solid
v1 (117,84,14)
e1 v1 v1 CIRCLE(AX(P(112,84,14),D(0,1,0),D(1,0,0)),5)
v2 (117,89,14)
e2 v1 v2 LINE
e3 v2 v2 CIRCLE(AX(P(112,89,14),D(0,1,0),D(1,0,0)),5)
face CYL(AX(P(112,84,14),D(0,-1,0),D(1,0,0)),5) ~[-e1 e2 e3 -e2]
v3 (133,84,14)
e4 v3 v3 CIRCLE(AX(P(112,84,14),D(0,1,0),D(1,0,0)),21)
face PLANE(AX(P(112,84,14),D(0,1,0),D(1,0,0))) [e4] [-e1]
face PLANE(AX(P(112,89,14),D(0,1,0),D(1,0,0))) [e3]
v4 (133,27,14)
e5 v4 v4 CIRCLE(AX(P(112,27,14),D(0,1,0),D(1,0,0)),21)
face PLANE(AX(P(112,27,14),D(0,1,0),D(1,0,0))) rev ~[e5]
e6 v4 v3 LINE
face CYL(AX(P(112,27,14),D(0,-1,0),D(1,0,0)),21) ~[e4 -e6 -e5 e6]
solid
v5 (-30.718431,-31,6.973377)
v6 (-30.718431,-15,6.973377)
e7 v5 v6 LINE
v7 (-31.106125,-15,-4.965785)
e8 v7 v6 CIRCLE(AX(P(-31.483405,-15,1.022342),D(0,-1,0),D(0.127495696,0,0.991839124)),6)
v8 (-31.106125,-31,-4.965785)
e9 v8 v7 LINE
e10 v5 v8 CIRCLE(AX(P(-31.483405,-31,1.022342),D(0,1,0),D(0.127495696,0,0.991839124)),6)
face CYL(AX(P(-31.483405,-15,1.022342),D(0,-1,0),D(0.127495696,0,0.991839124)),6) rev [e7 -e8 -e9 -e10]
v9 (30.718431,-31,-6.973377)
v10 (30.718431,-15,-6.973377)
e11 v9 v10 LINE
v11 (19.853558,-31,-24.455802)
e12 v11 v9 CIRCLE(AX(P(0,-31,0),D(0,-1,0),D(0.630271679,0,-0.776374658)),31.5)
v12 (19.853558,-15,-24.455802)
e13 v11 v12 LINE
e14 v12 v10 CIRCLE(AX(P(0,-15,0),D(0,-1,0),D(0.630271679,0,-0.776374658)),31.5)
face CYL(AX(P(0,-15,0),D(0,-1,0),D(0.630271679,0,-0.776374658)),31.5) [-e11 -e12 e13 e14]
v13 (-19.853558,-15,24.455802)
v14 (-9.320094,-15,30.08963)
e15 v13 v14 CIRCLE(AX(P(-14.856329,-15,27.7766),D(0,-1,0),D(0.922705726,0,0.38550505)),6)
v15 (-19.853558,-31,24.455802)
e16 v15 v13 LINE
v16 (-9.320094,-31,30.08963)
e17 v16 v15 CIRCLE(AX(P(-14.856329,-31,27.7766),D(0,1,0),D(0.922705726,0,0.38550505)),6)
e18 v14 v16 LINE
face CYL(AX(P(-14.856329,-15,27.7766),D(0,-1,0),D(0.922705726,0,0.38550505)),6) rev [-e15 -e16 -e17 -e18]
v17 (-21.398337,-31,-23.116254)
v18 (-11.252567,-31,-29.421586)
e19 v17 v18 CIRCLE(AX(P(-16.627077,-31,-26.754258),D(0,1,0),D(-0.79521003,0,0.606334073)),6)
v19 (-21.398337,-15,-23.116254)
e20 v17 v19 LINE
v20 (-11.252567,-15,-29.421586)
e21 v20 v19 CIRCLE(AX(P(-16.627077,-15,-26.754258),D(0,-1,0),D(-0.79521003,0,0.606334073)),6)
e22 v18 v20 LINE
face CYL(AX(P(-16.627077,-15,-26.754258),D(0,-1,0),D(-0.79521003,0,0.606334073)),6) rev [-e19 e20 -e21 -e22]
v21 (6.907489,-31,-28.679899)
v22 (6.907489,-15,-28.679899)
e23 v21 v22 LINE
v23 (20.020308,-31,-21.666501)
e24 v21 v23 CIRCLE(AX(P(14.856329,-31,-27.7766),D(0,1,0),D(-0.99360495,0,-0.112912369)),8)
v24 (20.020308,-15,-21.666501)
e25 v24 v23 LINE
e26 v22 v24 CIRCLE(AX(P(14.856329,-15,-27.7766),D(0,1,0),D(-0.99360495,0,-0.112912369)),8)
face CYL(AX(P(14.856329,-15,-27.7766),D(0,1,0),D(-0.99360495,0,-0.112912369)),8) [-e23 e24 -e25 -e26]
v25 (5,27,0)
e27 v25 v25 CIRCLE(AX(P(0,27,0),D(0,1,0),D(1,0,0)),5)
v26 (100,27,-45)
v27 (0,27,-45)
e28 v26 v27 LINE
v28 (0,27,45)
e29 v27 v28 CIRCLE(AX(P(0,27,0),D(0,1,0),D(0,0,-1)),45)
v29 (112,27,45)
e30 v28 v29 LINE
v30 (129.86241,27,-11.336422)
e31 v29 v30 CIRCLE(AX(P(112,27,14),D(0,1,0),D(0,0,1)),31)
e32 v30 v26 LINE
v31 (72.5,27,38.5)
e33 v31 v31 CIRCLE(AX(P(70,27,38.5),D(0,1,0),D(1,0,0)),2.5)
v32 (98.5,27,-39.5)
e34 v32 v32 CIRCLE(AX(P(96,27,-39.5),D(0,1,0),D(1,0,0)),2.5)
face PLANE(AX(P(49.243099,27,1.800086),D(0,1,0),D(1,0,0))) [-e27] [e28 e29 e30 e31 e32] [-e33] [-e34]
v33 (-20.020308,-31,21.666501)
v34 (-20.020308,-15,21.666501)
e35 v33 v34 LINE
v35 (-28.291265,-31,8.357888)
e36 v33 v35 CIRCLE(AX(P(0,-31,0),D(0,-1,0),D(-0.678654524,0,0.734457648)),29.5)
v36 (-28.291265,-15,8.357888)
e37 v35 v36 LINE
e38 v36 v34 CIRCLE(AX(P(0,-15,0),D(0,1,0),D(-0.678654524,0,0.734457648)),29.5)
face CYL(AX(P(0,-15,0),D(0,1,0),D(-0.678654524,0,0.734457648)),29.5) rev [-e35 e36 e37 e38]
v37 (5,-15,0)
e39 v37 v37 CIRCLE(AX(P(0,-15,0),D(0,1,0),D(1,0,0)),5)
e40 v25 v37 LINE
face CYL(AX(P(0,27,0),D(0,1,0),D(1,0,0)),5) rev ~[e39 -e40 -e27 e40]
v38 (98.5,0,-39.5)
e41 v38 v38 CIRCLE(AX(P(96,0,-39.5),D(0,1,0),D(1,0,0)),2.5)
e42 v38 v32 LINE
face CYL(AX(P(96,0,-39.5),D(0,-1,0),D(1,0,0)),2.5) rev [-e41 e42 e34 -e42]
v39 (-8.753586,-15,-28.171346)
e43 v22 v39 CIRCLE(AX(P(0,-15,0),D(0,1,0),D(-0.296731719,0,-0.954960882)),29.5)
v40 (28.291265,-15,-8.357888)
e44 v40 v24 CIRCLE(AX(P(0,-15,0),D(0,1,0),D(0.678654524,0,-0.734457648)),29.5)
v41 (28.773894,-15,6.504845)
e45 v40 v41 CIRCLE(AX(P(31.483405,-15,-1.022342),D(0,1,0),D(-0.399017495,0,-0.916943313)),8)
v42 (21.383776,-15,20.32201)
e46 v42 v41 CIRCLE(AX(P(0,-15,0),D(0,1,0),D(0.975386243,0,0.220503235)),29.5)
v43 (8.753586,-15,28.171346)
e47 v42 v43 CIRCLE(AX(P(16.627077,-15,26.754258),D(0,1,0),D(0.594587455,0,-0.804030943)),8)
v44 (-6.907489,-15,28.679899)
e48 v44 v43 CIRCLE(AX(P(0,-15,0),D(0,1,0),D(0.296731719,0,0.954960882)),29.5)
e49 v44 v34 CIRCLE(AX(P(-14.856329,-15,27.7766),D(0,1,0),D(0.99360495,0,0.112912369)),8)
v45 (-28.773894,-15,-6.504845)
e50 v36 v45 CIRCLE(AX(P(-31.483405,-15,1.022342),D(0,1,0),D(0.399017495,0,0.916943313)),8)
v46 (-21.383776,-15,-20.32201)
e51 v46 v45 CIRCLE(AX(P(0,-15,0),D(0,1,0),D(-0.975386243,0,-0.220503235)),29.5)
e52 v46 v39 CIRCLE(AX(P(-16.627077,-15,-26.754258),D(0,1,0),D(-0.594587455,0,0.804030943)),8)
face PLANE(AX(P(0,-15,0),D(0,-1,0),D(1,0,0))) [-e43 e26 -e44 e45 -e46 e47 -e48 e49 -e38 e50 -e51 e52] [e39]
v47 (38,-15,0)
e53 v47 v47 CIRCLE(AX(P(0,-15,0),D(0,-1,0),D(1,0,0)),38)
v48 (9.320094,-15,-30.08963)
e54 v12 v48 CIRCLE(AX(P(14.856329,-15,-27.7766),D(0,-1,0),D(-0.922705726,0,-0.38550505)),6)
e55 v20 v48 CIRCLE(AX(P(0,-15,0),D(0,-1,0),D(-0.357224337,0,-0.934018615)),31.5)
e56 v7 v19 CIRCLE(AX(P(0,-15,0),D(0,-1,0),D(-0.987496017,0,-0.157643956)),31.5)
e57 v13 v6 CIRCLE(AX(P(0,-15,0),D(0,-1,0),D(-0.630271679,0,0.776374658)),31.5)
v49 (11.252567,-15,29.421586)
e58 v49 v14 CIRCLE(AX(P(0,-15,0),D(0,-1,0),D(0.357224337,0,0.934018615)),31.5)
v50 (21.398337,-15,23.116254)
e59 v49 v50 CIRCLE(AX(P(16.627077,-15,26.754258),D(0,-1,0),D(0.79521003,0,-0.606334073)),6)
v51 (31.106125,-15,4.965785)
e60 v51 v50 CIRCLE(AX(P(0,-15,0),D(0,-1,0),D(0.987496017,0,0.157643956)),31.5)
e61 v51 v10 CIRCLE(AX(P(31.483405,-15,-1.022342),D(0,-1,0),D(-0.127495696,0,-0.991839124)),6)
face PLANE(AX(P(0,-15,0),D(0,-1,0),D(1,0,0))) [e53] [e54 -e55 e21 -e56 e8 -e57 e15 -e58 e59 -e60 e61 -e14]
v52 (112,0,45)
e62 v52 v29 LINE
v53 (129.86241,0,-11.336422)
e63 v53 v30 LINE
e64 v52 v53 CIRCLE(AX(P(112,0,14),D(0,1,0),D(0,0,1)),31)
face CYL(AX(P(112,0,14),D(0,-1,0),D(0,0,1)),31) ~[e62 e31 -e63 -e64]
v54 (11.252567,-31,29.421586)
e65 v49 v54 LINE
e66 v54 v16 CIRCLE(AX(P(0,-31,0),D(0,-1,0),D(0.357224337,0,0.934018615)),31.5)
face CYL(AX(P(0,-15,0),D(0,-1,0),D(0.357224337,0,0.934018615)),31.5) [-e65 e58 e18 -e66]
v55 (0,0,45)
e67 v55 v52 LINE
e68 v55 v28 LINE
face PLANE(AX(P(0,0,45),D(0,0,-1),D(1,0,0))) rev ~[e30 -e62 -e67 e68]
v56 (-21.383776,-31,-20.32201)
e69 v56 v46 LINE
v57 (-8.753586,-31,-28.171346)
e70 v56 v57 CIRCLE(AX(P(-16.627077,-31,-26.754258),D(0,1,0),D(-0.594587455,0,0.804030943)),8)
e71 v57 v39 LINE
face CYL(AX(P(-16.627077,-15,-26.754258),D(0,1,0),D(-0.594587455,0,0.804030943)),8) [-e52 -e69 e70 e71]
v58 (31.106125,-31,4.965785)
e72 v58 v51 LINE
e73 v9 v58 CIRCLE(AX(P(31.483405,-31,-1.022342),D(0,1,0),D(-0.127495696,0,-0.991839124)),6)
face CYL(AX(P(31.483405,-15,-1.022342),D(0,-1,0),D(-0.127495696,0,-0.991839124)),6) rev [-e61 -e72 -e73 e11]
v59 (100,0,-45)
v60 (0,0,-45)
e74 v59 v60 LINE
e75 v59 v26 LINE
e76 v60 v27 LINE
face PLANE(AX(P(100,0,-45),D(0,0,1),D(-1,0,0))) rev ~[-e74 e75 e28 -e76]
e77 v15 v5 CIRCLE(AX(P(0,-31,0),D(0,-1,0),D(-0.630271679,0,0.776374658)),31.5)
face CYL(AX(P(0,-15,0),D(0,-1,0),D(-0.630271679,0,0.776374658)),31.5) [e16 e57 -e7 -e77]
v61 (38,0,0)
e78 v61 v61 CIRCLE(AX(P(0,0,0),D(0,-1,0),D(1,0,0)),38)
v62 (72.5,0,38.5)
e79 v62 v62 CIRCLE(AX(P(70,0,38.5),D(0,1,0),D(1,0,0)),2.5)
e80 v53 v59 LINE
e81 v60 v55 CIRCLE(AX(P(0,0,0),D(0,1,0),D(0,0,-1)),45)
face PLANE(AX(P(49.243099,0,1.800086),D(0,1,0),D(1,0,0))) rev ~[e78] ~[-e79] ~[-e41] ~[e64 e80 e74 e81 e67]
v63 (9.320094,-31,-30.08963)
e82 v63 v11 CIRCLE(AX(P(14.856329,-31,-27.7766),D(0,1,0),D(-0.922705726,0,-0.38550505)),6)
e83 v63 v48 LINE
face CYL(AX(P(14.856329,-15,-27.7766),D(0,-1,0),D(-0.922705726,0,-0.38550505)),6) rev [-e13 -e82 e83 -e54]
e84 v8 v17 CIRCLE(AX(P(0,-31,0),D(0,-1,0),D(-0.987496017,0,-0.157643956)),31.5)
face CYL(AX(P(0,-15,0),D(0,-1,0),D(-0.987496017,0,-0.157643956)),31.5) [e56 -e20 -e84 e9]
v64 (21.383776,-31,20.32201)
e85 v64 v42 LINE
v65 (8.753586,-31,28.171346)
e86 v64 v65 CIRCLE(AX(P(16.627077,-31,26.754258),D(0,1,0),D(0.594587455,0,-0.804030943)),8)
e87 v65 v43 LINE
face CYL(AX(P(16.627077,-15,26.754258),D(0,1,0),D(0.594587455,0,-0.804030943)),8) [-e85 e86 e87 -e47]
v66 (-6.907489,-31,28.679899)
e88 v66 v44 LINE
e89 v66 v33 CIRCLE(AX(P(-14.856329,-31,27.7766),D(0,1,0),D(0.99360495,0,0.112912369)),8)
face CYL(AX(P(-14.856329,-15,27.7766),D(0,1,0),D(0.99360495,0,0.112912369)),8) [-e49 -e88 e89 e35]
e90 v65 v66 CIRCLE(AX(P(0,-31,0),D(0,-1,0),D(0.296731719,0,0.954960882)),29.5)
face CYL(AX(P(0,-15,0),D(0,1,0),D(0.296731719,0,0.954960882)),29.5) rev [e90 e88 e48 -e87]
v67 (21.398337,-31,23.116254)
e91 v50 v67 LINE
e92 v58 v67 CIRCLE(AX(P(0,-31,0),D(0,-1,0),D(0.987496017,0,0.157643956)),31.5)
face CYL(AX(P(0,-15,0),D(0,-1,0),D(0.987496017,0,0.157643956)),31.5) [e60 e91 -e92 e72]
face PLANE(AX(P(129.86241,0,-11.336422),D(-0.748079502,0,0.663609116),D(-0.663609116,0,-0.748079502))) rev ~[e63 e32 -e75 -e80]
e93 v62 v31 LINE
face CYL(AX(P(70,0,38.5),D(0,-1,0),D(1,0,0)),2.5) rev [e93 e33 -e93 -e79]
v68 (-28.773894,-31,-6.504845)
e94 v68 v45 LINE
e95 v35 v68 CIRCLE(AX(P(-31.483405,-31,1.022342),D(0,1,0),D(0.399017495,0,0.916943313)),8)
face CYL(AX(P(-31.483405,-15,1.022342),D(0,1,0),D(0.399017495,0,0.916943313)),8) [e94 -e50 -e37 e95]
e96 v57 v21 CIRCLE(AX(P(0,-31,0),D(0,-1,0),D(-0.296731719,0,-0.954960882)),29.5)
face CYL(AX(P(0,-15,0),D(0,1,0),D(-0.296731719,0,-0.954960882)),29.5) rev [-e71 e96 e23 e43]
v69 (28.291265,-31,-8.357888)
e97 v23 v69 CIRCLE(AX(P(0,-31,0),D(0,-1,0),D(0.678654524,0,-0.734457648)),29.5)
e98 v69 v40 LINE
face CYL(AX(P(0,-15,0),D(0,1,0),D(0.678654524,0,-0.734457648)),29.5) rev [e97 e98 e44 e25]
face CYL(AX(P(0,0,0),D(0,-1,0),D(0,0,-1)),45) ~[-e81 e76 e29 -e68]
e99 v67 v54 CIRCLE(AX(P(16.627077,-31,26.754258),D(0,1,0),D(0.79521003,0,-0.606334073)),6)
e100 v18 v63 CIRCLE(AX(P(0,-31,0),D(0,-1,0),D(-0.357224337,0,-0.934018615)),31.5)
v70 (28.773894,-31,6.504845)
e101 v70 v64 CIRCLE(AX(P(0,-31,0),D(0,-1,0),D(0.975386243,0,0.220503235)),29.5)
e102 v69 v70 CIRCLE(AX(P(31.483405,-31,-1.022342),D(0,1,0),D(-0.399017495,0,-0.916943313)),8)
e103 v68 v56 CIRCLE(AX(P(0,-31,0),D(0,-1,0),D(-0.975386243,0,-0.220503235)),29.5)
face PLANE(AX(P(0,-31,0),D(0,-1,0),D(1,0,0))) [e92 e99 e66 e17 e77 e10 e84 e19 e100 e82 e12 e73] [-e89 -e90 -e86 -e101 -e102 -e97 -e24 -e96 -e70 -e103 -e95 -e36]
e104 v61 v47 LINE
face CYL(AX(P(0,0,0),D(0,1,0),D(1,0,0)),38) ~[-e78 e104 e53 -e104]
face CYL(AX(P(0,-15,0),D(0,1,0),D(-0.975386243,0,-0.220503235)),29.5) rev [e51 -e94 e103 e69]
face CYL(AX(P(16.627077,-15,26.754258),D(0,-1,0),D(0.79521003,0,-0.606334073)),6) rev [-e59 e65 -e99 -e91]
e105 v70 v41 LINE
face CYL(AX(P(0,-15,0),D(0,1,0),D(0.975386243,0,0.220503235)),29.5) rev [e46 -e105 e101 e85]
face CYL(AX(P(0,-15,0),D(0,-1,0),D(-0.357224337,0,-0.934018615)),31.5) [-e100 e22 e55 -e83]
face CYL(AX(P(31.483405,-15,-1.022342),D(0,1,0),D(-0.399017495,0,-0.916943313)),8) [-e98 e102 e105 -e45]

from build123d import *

# Parameters (mm, degrees)
SKETCH1_R                = 2.5
SKETCH1_R_2              = 5
BOSS_EXTRUDE1_DEPTH      = 27
SKETCH2_R                = 21
BOSS_EXTRUDE2_DEPTH      = 57
SKETCH4_R                = 38
SKETCH4_R_2              = 33
BOSS_EXTRUDE3_DEPTH      = 15
BOSS_EXTRUDE4_DEPTH      = 16
BOSS_EXTRUDE4_DEPTH_BACK = 15
SKETCH6_R                = 5
BOSS_EXTRUDE5_DEPTH      = 5
SKETCH7_R                = 33
BOSS_EXTRUDE6_DEPTH      = 15
SKETCH8_R                = 5
CUT_EXTRUDE1_DEPTH       = 87


with BuildPart() as part:
    # Sketch1 → Boss-Extrude1 (new body)
    with BuildSketch(Plane(origin=(0, 0, 0), x_dir=(1, 0, 0), z_dir=(0, 1, 0))):
        with BuildLine():
            Line((100, 45), (0, 45))
            ThreePointArc((0, 45), (-45, 0), (0, -45))
            Line((0, -45), (112, -45))
            ThreePointArc((112, -45), (141.550203848, -23.369389122), (129.862410225, 11.336422419))
            Line((129.862410225, 11.336422419), (100, 45))
        make_face()
        with Locations((70, -38.5)):
            Circle(SKETCH1_R, mode=Mode.SUBTRACT)
        with Locations((96, 39.5)):
            Circle(SKETCH1_R, mode=Mode.SUBTRACT)
        Circle(SKETCH1_R_2, mode=Mode.SUBTRACT)
    extrude(amount=BOSS_EXTRUDE1_DEPTH)

    # Sketch4 → Boss-Extrude3 (add)
    with BuildSketch(Plane.XZ):
        Circle(SKETCH4_R)
        Circle(SKETCH4_R_2, mode=Mode.SUBTRACT)
    extrude(amount=BOSS_EXTRUDE3_DEPTH)

    # Sketch5 → Boss-Extrude4 (add, two sides)
    with BuildSketch(Plane.XZ.offset(15)) as boss_extrude4_sk:
        with BuildLine():
            ThreePointArc((31.106124527, 4.96578462), (27.77659984, 14.856328662), (21.39833694, 23.116253507))
            ThreePointArc((21.39833694, 23.116253507), (13.460014521, 21.658208815), (11.252566633, 29.421586364))
            ThreePointArc((11.252566633, 29.421586364), (1.022341892, 31.483405423), (-9.320094308, 30.089630142))
            ThreePointArc((-9.320094308, 30.089630142), (-12.026551774, 22.485818918), (-19.853557895, 24.455801744))
            ThreePointArc((-19.853557895, 24.455801744), (-26.754257948, 16.627076761), (-30.718431248, 6.973376635))
            ThreePointArc((-30.718431248, 6.973376635), (-25.486566295, 0.827610103), (-31.106124527, -4.96578462))
            ThreePointArc((-31.106124527, -4.96578462), (-27.77659984, -14.856328662), (-21.39833694, -23.116253507))
            ThreePointArc((-21.39833694, -23.116253507), (-13.460014521, -21.658208815), (-11.252566633, -29.421586364))
            ThreePointArc((-11.252566633, -29.421586364), (-1.022341892, -31.483405423), (9.320094308, -30.089630142))
            ThreePointArc((9.320094308, -30.089630142), (12.026551774, -22.485818918), (19.853557895, -24.455801744))
            ThreePointArc((19.853557895, -24.455801744), (26.754257948, -16.627076761), (30.718431248, -6.973376635))
            ThreePointArc((30.718431248, -6.973376635), (25.486566295, -0.827610103), (31.106124527, 4.96578462))
        make_face()
        with BuildLine():
            ThreePointArc((20.020308468, -21.666500614), (25.055574904, -15.571389348), (28.291265465, -8.357888394))
            ThreePointArc((28.291265465, -8.357888394), (23.487619919, -0.762699507), (28.773894177, 6.504845418))
            ThreePointArc((28.773894177, 6.504845418), (26.0130062, 13.913069699), (21.383776403, 20.322010401))
            ThreePointArc((21.383776403, 20.322010401), (12.404327108, 19.959525771), (8.753585708, 28.171346032))
            ThreePointArc((8.753585708, 28.171346032), (0.957431296, 29.484459047), (-6.907489061, 28.679898795))
            ThreePointArc((-6.907489061, 28.679898795), (-11.083292811, 20.722225278), (-20.020308468, 21.666500614))
            ThreePointArc((-20.020308468, 21.666500614), (-25.055574904, 15.571389348), (-28.291265465, 8.357888394))
            ThreePointArc((-28.291265465, 8.357888394), (-23.487619919, 0.762699507), (-28.773894177, -6.504845418))
            ThreePointArc((-28.773894177, -6.504845418), (-26.0130062, -13.913069699), (-21.383776403, -20.322010401))
            ThreePointArc((-21.383776403, -20.322010401), (-12.404327108, -19.959525771), (-8.753585708, -28.171346032))
            ThreePointArc((-8.753585708, -28.171346032), (-0.957431296, -29.484459047), (6.907489061, -28.679898795))
            ThreePointArc((6.907489061, -28.679898795), (11.083292811, -20.722225278), (20.020308468, -21.666500614))
        make_face(mode=Mode.SUBTRACT)
    extrude(amount=BOSS_EXTRUDE4_DEPTH)
    extrude(boss_extrude4_sk.sketch, amount=-BOSS_EXTRUDE4_DEPTH_BACK)

    # Sketch7 → Boss-Extrude6 (add)
    with BuildSketch(Plane.XZ):
        Circle(SKETCH7_R)
    extrude(amount=BOSS_EXTRUDE6_DEPTH)

    # Sketch8 → Cut-Extrude1 (cut)
    with BuildSketch(Plane(origin=(0, 27, 0), x_dir=(1, 0, 0), z_dir=(0, 1, 0))):
        Circle(SKETCH8_R)
    extrude(amount=-CUT_EXTRUDE1_DEPTH, mode=Mode.SUBTRACT)


with BuildPart() as body_2:
    # Sketch2 → Boss-Extrude2 (new body)
    with BuildSketch(Plane(origin=(0, 27, 0), x_dir=(1, 0, 0), z_dir=(0, 1, 0))):
        with Locations((112, -14)):
            Circle(SKETCH2_R)
    extrude(amount=BOSS_EXTRUDE2_DEPTH)

    # Sketch6 → Boss-Extrude5 (add)
    with BuildSketch(Plane(origin=(0, 84, 0), x_dir=(1, 0, 0), z_dir=(0, 1, 0))):
        with Locations((112, -14)):
            Circle(SKETCH6_R)
    extrude(amount=BOSS_EXTRUDE5_DEPTH)


solid = Compound([part.part, body_2.part])
